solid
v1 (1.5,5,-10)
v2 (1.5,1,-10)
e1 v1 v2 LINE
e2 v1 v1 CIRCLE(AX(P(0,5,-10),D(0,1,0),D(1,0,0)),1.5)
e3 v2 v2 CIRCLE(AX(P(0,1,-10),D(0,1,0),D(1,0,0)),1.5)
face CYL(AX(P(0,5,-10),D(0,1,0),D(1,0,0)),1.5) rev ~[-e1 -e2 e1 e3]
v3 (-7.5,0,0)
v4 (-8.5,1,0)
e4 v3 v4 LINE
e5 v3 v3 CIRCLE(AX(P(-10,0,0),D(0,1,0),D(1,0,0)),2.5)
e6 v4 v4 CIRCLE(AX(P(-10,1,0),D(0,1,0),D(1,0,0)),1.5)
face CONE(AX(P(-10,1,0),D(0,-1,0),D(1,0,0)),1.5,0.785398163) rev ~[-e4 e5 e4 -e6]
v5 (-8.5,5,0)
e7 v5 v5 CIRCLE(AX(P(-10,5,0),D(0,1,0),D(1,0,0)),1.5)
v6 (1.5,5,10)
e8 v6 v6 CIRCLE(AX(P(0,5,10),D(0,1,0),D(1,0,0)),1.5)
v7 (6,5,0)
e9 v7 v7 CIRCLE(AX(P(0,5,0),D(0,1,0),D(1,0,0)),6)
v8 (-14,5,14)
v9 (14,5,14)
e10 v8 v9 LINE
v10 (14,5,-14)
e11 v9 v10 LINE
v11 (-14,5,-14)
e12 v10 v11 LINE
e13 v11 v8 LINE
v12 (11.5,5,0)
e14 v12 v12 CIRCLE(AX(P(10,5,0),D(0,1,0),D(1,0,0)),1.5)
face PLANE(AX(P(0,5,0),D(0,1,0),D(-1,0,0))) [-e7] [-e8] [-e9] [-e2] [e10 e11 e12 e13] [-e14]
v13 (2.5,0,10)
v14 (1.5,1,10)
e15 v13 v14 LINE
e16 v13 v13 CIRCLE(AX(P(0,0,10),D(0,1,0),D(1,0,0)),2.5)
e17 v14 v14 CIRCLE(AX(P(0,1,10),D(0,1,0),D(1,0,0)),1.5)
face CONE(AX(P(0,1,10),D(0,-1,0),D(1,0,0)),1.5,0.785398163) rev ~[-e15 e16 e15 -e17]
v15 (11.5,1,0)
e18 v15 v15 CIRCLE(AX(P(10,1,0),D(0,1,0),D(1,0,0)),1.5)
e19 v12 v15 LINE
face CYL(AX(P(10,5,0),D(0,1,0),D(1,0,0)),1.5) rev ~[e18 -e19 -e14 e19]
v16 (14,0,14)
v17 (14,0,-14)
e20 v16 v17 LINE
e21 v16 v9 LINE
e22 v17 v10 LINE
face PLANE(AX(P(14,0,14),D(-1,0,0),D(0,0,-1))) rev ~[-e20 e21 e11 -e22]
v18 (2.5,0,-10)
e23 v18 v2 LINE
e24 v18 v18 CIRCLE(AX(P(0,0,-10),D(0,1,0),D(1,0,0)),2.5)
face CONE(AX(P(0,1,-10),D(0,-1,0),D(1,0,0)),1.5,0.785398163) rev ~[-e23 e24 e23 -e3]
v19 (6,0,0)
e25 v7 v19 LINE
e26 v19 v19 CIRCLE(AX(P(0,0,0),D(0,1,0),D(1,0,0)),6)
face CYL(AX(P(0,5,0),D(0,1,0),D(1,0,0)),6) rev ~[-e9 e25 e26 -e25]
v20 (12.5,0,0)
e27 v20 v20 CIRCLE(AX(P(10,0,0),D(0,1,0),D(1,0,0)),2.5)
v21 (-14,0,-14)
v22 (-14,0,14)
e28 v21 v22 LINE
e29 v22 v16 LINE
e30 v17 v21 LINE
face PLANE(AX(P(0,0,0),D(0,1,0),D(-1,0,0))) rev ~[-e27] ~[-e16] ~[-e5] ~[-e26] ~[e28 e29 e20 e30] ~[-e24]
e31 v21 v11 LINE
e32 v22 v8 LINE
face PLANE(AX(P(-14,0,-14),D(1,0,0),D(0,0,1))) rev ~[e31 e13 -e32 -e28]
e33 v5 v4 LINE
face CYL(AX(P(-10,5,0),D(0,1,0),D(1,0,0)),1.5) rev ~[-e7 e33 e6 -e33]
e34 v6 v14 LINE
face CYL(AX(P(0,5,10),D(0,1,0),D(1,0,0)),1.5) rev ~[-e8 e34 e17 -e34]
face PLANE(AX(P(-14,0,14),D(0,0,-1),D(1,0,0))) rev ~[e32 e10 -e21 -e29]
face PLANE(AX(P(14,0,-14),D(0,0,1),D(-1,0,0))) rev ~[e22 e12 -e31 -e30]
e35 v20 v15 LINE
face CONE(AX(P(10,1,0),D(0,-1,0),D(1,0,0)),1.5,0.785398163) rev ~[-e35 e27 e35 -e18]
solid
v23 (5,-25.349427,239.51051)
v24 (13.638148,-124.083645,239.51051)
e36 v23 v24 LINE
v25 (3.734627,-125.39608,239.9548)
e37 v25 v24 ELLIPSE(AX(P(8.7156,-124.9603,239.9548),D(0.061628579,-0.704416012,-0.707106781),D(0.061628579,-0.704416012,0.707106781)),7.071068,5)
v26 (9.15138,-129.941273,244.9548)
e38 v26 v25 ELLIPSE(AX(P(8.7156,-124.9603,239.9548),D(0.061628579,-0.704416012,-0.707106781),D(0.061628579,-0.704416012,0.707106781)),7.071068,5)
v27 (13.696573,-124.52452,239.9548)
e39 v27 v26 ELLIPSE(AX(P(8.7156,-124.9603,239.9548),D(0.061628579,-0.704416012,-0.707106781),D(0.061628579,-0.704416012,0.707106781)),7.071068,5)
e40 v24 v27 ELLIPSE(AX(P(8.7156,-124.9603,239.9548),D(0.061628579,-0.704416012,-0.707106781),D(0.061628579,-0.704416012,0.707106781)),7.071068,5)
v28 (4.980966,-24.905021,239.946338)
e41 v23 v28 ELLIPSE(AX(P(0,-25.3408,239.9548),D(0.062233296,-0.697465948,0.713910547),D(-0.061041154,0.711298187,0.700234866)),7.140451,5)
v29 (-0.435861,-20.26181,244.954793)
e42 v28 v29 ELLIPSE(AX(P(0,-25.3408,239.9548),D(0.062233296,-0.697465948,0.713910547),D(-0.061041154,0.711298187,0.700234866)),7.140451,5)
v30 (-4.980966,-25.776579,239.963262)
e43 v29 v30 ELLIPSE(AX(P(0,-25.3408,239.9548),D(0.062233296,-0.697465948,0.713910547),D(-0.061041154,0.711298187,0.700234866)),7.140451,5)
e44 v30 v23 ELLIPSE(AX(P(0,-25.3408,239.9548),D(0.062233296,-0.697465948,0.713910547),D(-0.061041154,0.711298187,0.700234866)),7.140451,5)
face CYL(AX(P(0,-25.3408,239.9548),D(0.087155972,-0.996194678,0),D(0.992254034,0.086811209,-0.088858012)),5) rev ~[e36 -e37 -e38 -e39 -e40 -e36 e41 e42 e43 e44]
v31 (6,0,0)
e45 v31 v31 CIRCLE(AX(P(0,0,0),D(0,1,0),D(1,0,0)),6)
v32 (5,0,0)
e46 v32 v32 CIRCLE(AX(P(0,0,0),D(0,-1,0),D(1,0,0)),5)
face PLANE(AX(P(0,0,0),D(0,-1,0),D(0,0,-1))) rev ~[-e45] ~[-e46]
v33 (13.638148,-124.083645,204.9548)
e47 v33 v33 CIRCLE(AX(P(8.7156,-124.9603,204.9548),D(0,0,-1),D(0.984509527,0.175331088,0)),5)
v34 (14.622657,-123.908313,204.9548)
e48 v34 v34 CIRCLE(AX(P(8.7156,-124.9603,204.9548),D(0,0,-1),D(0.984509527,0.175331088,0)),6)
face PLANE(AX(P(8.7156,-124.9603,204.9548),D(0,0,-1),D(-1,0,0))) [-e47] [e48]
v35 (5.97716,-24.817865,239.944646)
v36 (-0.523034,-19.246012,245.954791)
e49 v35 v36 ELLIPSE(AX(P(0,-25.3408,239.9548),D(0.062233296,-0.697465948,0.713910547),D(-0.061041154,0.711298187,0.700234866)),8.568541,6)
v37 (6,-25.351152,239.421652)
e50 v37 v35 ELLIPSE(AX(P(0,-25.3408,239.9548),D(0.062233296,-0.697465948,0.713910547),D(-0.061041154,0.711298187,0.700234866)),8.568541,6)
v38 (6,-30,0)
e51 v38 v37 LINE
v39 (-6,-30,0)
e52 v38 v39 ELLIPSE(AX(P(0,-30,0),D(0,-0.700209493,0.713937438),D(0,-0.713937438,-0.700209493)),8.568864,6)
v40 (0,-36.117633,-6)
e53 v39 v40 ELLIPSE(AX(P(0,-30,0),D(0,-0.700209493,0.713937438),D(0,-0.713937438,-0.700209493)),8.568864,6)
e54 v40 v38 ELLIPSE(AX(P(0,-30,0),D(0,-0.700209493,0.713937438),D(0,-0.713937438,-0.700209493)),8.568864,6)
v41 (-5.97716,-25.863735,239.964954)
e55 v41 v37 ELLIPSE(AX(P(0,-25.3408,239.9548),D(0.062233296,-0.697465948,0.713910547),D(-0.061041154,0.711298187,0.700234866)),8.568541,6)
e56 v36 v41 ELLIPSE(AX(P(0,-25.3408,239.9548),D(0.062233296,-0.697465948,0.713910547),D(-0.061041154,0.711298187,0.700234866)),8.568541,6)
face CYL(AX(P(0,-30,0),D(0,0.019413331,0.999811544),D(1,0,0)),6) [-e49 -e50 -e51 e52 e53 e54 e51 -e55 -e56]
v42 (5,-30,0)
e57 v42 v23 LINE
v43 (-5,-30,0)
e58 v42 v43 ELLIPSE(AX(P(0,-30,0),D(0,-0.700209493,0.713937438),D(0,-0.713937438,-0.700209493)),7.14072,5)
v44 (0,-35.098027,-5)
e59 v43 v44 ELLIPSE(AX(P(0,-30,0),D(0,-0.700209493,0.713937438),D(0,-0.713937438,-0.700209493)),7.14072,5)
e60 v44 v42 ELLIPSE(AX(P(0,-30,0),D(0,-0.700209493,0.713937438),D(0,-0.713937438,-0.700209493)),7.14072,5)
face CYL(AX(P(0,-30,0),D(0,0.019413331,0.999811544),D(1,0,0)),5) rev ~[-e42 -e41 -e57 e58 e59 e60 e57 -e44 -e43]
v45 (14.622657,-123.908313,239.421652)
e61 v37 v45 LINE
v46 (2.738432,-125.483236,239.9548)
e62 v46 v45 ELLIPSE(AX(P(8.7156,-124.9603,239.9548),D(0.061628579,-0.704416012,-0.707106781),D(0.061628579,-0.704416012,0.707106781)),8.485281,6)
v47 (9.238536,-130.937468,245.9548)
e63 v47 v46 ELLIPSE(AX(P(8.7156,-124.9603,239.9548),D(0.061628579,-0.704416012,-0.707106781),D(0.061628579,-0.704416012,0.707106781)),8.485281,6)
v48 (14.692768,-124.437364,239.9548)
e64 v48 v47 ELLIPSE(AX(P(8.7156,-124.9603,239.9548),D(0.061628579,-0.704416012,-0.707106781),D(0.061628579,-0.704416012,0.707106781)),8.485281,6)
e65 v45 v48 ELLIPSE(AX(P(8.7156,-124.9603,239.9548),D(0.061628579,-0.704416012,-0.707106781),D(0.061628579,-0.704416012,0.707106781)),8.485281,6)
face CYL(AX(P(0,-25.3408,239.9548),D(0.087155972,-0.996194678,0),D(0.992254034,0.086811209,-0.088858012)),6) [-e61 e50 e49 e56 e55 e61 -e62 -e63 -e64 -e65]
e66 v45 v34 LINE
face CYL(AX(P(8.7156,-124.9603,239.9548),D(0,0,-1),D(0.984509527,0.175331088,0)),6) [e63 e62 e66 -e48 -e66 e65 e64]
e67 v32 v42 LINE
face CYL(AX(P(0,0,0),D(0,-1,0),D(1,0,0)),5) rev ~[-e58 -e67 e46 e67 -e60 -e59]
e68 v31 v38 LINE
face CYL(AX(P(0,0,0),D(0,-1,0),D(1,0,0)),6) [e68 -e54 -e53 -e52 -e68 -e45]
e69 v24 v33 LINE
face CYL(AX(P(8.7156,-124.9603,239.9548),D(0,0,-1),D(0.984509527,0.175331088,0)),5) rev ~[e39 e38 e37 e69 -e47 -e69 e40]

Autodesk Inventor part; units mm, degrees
ref_plane "YZ Plane" through (0, 0, 0) normal (1, 0, 0) x (0, 1, 0)
ref_plane "XZ Plane" through (0, 0, 0) normal (0, 1, 0) x (-1, 0, 0)
ref_plane "XY Plane" through (0, 0, 0) normal (0, 0, 1) x (1, 0, 0)
sketch "Sketch1" plane through (0, 0, 0) normal (0, 1, 0) x (-1, 0, 0)
  line L0 (14, 14) -> (-14, 14)
  line L1 (-14, 14) -> (-14, -14)
  line L2 (-14, -14) -> (14, -14)
  line L3 (14, -14) -> (14, 14)
  point P0 (0, 0)
  point P1 (0, -14)
  dimension "d0" = 28
  dimension "d1" = 28
  dimension "d2" = 14
  dimension "d3" = 14
extrude "Extrusion1" add sketch "Sketch1" along normal blind 5
sketch "Sketch2" plane through (0, 5, 0) normal (0, 1, 0) x (1, 0, 0)
  circle A0 centre (0, 0) radius 6
  circle A1 centre (-10, 0) radius 1.5
  circle A2 centre (0, -10) radius 1.5
  circle A3 centre (10, 0) radius 1.5
  circle A4 centre (0, 10) radius 1.5
  dimension "d6" = 12
  dimension "d7" = 3
  dimension "d8" = 10
  dimension "d11" = 360
extrude "Extrusion2" cut sketch "Sketch2" against normal blind 5
ref_plane "Work Plane1" through (14, 0, 0) normal (0, 0, -1) x (-1, 0, 0)
sketch "Sketch3" plane through (14, 0, 0) normal (0, 0, -1) x (-1, 0, 0)
  point P0 (14, 0)
sketch "Sketch4" plane through (0, 0, 0) normal (0, -1, 0) x (1, 0, 0)
  circle A0 centre (0, 0) radius 6
  circle A1 centre (0, 0) radius 5
  dimension "d19" = 10
  dimension "d22" = 12
sketch3d "3D Sketch1"
  line L0 (0, 0, 0) -> (0, -30, 0)
  line L1 (0, -30, 0) -> (0, -25.3408, 239.9548)
  line L2 (0, -25.3408, 239.9548) -> (8.7156, -124.9603, 239.9548)
  line L3 (8.7156, -124.9603, 239.9548) -> (8.7156, -124.9603, 204.9548)
  dimension "d16" = 30
  dimension "d53" = 100
  dimension "d54" = 85
  dimension "d55" = 35
  dimension "d56" = 240
  dimension "d57" = 90
  dimension "d58" = 90
sweep "Sweep1" add profiles "Sketch4" path "3D Sketch1"
chamfer "Chamfer1" distance 1 angle 45 4 edges at (8.5, 0, 0) (-1.5, 0, 10) (-1.5, 0, -10) (-11.5, 0, 0)
ref_plane "Work Plane2" through (-14, 0, 29) normal (0, 0, 1) x (1, 0, 0)
properties part number "water tube to pump"
